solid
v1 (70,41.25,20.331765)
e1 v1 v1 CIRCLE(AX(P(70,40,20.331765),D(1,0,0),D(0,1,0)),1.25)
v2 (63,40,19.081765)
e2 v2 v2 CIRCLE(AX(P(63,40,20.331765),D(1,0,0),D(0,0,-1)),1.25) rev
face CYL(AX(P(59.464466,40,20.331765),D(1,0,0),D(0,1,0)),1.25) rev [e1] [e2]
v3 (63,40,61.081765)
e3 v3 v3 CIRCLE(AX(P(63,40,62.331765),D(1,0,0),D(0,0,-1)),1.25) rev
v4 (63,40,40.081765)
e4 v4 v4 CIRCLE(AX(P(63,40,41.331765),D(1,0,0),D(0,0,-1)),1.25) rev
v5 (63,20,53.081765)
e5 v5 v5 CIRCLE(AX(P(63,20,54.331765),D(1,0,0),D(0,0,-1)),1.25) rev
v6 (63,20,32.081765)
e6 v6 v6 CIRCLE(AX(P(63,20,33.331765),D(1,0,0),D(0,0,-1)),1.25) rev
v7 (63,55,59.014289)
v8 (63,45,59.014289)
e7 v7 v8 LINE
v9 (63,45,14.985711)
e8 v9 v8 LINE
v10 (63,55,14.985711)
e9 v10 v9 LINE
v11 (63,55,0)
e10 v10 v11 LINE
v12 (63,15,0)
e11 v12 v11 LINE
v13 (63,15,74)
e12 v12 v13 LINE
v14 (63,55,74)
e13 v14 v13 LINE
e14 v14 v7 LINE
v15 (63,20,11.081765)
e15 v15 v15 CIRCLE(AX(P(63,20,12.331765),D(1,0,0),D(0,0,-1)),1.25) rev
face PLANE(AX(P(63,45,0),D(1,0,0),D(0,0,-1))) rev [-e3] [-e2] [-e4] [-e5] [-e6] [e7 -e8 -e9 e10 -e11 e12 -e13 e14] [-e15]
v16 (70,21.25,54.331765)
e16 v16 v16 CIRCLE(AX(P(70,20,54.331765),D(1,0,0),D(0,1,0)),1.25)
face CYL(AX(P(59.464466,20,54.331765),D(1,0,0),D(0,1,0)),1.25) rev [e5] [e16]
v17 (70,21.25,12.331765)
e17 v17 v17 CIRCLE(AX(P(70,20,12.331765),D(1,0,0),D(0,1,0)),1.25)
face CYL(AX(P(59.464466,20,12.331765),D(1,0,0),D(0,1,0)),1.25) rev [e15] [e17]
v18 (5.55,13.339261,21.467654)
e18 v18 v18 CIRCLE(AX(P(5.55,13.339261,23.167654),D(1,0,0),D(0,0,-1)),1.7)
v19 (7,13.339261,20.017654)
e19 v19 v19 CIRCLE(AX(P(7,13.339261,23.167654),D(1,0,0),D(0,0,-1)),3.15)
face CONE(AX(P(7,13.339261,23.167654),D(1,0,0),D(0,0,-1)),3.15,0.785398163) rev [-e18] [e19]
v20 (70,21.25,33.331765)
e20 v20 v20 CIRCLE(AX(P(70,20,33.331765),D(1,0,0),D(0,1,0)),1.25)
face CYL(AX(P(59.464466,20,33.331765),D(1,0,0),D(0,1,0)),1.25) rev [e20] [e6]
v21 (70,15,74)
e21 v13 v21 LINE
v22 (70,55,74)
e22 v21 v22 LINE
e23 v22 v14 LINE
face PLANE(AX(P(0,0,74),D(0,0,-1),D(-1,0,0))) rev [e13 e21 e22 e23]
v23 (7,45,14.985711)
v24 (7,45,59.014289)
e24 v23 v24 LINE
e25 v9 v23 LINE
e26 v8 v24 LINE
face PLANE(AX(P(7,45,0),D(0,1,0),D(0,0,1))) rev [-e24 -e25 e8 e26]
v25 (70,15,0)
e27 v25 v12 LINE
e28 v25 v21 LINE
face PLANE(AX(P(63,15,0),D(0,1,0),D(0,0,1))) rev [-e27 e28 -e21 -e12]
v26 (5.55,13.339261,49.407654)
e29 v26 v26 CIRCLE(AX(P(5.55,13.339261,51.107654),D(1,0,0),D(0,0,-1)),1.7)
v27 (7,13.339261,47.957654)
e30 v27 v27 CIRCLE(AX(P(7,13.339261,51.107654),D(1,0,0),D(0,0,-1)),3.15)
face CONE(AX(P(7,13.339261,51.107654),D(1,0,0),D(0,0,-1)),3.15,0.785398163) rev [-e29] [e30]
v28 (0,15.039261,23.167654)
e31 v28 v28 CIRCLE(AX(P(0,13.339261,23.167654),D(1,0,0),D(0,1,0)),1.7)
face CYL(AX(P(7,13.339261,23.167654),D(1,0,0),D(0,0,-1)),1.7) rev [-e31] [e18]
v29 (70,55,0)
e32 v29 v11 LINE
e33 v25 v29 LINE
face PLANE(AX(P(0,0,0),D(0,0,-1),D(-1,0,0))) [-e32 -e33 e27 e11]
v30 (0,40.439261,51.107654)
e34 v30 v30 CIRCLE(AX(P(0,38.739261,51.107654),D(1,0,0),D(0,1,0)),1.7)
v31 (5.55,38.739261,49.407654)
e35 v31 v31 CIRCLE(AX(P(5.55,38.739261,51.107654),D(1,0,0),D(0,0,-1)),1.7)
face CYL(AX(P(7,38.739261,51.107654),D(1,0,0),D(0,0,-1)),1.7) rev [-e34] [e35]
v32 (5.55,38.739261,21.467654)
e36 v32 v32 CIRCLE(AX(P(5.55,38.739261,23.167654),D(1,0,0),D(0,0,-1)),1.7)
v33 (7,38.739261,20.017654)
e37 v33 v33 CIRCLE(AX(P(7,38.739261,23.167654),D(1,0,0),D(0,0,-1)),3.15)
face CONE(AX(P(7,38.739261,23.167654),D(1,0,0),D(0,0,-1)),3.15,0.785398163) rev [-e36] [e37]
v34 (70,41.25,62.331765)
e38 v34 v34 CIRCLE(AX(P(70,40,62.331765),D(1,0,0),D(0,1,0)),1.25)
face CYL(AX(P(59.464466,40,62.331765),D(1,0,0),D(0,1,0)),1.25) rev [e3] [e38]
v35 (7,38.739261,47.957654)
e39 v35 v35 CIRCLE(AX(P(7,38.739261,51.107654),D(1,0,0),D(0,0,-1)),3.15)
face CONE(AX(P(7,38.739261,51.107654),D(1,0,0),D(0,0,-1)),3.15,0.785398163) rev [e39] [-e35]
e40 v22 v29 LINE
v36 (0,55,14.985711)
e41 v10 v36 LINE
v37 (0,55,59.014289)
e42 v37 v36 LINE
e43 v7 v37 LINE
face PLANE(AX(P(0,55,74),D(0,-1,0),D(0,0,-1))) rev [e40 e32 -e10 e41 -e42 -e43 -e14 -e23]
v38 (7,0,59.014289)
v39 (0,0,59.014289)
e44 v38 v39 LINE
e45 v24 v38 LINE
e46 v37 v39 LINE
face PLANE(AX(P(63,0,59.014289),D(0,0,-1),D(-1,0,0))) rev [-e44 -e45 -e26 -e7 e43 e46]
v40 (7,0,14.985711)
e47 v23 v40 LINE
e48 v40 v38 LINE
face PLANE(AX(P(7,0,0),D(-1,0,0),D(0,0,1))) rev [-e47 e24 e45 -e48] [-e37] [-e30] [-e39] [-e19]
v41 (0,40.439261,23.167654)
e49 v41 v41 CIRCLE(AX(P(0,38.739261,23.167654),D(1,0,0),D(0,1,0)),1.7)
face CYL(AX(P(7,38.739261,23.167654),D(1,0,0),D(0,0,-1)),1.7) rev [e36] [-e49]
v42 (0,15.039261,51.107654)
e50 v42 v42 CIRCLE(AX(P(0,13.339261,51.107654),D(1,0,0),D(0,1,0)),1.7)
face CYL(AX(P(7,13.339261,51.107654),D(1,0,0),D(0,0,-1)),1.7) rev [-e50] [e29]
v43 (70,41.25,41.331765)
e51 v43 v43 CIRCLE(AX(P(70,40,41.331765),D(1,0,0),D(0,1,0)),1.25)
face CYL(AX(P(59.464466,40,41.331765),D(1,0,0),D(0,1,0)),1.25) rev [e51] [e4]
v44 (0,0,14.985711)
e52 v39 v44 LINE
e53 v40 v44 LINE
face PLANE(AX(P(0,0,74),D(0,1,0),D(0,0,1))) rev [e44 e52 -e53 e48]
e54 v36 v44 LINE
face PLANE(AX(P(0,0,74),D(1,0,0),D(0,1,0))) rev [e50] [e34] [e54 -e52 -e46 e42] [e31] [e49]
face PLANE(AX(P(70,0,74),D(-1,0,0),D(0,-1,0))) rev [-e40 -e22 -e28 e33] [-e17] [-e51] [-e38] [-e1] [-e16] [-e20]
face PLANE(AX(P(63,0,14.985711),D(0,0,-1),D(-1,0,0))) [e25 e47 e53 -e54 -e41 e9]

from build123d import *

# Parameters (mm, degrees)
SKETCH1_W                                           = 70
SKETCH1_H                                           = 55
BOSS_EXTRUDE1_DEPTH                                 = 74
CUT_EXTRUDE1_DEPTH                                  = 116.762688289
CUT_EXTRUDE1_DEPTH_BACK                             = 116.762688289
SKETCH4_R                                           = 1.25
CUT_EXTRUDE4_DEPTH                                  = 7
SKETCH5_W                                           = 14.985710671
SKETCH5_H                                           = 55
CUT_EXTRUDE5_DEPTH                                  = 63
CSK_FOR_M3_COUNTERSUNK_FLAT_HEAD_SCREW1_D           = 3.4
CSK_FOR_M3_COUNTERSUNK_FLAT_HEAD_SCREW1_DEPTH       = 10
CSK_FOR_M3_COUNTERSUNK_FLAT_HEAD_SCREW1_CSINK_D     = 6.3
CSK_FOR_M3_COUNTERSUNK_FLAT_HEAD_SCREW1_CSINK_ANGLE = 90
CSK_FOR_M3_COUNTERSUNK_FLAT_HEAD_SCREW1_TIP         = 1.021463052


with BuildPart() as part:
    # Sketch1 → Boss-Extrude1 (new body)
    with BuildSketch(Plane.XY):
        with Locations((35, 27.5)):
            Rectangle(SKETCH1_W, SKETCH1_H)
    extrude(amount=BOSS_EXTRUDE1_DEPTH)

    # Sketch2 → Cut-Extrude1 (cut, two sides: drawn at the far end of the back side and taken through both)
    with BuildSketch(Plane.XY.offset(74).offset(-CUT_EXTRUDE1_DEPTH_BACK)):
        Polygon((7, 0), (7, 45), (63, 45), (63, 15), (70, 15), (70, 0), (60, 0), align=None)
    extrude(amount=CUT_EXTRUDE1_DEPTH + CUT_EXTRUDE1_DEPTH_BACK, mode=Mode.SUBTRACT)

    # Sketch4 → Cut-Extrude4 (cut)
    with BuildSketch(Plane(origin=(70, 0, 0), x_dir=(0, 0, -1), z_dir=(1, 0, 0))):
        with Locations((-83.331764561, 40)):
            Circle(SKETCH4_R)
        with Locations((-75.331764561, 20)):
            Circle(SKETCH4_R)
        with Locations(Location((-62.331764561, 40, 0), (0, 0, 90))):
            Circle(SKETCH4_R)
        with Locations(Location((-54.331764561, 20, 0), (0, 0, 90))):
            Circle(SKETCH4_R)
        with Locations(Location((-41.331764561, 40, 0), (0, 0, 90))):
            Circle(SKETCH4_R)
        with Locations(Location((-33.331764561, 20, 0), (0, 0, 90))):
            Circle(SKETCH4_R)
        with Locations(Location((-20.331764561, 40, 0), (0, 0, 90))):
            Circle(SKETCH4_R)
        with Locations(Location((-12.331764561, 20, 0), (0, 0, 90))):
            Circle(SKETCH4_R)
    extrude(amount=-CUT_EXTRUDE4_DEPTH, mode=Mode.SUBTRACT)

    # Sketch5 → Cut-Extrude5 (cut)
    with BuildSketch(Plane.ZY):
        with Locations((7.492855336, 27.5)):
            Rectangle(SKETCH5_W, SKETCH5_H)
        with Locations((66.507144665, 27.5)):
            Rectangle(SKETCH5_W, SKETCH5_H)
    extrude(amount=-CUT_EXTRUDE5_DEPTH, mode=Mode.SUBTRACT)

    # CSK for M3 Countersunk Flat Head Screw1
    with Locations(Plane(origin=(7, 0, 0), x_dir=(0, 0, 1), z_dir=(1, 0, 0))):
        with Locations((23.167654473, -38.739261213), (23.167654473, -13.339261213), (51.107654473, -13.339261213), (51.107654473, -38.739261213)):
            CounterSinkHole(CSK_FOR_M3_COUNTERSUNK_FLAT_HEAD_SCREW1_D / 2, CSK_FOR_M3_COUNTERSUNK_FLAT_HEAD_SCREW1_CSINK_D / 2, depth=CSK_FOR_M3_COUNTERSUNK_FLAT_HEAD_SCREW1_DEPTH, counter_sink_angle=CSK_FOR_M3_COUNTERSUNK_FLAT_HEAD_SCREW1_CSINK_ANGLE)
            with Locations((0, 0, -(CSK_FOR_M3_COUNTERSUNK_FLAT_HEAD_SCREW1_DEPTH + CSK_FOR_M3_COUNTERSUNK_FLAT_HEAD_SCREW1_TIP / 2))):  # 118° drill point
                Cone(0, CSK_FOR_M3_COUNTERSUNK_FLAT_HEAD_SCREW1_D / 2, CSK_FOR_M3_COUNTERSUNK_FLAT_HEAD_SCREW1_TIP, mode=Mode.SUBTRACT)


solid = part.part
